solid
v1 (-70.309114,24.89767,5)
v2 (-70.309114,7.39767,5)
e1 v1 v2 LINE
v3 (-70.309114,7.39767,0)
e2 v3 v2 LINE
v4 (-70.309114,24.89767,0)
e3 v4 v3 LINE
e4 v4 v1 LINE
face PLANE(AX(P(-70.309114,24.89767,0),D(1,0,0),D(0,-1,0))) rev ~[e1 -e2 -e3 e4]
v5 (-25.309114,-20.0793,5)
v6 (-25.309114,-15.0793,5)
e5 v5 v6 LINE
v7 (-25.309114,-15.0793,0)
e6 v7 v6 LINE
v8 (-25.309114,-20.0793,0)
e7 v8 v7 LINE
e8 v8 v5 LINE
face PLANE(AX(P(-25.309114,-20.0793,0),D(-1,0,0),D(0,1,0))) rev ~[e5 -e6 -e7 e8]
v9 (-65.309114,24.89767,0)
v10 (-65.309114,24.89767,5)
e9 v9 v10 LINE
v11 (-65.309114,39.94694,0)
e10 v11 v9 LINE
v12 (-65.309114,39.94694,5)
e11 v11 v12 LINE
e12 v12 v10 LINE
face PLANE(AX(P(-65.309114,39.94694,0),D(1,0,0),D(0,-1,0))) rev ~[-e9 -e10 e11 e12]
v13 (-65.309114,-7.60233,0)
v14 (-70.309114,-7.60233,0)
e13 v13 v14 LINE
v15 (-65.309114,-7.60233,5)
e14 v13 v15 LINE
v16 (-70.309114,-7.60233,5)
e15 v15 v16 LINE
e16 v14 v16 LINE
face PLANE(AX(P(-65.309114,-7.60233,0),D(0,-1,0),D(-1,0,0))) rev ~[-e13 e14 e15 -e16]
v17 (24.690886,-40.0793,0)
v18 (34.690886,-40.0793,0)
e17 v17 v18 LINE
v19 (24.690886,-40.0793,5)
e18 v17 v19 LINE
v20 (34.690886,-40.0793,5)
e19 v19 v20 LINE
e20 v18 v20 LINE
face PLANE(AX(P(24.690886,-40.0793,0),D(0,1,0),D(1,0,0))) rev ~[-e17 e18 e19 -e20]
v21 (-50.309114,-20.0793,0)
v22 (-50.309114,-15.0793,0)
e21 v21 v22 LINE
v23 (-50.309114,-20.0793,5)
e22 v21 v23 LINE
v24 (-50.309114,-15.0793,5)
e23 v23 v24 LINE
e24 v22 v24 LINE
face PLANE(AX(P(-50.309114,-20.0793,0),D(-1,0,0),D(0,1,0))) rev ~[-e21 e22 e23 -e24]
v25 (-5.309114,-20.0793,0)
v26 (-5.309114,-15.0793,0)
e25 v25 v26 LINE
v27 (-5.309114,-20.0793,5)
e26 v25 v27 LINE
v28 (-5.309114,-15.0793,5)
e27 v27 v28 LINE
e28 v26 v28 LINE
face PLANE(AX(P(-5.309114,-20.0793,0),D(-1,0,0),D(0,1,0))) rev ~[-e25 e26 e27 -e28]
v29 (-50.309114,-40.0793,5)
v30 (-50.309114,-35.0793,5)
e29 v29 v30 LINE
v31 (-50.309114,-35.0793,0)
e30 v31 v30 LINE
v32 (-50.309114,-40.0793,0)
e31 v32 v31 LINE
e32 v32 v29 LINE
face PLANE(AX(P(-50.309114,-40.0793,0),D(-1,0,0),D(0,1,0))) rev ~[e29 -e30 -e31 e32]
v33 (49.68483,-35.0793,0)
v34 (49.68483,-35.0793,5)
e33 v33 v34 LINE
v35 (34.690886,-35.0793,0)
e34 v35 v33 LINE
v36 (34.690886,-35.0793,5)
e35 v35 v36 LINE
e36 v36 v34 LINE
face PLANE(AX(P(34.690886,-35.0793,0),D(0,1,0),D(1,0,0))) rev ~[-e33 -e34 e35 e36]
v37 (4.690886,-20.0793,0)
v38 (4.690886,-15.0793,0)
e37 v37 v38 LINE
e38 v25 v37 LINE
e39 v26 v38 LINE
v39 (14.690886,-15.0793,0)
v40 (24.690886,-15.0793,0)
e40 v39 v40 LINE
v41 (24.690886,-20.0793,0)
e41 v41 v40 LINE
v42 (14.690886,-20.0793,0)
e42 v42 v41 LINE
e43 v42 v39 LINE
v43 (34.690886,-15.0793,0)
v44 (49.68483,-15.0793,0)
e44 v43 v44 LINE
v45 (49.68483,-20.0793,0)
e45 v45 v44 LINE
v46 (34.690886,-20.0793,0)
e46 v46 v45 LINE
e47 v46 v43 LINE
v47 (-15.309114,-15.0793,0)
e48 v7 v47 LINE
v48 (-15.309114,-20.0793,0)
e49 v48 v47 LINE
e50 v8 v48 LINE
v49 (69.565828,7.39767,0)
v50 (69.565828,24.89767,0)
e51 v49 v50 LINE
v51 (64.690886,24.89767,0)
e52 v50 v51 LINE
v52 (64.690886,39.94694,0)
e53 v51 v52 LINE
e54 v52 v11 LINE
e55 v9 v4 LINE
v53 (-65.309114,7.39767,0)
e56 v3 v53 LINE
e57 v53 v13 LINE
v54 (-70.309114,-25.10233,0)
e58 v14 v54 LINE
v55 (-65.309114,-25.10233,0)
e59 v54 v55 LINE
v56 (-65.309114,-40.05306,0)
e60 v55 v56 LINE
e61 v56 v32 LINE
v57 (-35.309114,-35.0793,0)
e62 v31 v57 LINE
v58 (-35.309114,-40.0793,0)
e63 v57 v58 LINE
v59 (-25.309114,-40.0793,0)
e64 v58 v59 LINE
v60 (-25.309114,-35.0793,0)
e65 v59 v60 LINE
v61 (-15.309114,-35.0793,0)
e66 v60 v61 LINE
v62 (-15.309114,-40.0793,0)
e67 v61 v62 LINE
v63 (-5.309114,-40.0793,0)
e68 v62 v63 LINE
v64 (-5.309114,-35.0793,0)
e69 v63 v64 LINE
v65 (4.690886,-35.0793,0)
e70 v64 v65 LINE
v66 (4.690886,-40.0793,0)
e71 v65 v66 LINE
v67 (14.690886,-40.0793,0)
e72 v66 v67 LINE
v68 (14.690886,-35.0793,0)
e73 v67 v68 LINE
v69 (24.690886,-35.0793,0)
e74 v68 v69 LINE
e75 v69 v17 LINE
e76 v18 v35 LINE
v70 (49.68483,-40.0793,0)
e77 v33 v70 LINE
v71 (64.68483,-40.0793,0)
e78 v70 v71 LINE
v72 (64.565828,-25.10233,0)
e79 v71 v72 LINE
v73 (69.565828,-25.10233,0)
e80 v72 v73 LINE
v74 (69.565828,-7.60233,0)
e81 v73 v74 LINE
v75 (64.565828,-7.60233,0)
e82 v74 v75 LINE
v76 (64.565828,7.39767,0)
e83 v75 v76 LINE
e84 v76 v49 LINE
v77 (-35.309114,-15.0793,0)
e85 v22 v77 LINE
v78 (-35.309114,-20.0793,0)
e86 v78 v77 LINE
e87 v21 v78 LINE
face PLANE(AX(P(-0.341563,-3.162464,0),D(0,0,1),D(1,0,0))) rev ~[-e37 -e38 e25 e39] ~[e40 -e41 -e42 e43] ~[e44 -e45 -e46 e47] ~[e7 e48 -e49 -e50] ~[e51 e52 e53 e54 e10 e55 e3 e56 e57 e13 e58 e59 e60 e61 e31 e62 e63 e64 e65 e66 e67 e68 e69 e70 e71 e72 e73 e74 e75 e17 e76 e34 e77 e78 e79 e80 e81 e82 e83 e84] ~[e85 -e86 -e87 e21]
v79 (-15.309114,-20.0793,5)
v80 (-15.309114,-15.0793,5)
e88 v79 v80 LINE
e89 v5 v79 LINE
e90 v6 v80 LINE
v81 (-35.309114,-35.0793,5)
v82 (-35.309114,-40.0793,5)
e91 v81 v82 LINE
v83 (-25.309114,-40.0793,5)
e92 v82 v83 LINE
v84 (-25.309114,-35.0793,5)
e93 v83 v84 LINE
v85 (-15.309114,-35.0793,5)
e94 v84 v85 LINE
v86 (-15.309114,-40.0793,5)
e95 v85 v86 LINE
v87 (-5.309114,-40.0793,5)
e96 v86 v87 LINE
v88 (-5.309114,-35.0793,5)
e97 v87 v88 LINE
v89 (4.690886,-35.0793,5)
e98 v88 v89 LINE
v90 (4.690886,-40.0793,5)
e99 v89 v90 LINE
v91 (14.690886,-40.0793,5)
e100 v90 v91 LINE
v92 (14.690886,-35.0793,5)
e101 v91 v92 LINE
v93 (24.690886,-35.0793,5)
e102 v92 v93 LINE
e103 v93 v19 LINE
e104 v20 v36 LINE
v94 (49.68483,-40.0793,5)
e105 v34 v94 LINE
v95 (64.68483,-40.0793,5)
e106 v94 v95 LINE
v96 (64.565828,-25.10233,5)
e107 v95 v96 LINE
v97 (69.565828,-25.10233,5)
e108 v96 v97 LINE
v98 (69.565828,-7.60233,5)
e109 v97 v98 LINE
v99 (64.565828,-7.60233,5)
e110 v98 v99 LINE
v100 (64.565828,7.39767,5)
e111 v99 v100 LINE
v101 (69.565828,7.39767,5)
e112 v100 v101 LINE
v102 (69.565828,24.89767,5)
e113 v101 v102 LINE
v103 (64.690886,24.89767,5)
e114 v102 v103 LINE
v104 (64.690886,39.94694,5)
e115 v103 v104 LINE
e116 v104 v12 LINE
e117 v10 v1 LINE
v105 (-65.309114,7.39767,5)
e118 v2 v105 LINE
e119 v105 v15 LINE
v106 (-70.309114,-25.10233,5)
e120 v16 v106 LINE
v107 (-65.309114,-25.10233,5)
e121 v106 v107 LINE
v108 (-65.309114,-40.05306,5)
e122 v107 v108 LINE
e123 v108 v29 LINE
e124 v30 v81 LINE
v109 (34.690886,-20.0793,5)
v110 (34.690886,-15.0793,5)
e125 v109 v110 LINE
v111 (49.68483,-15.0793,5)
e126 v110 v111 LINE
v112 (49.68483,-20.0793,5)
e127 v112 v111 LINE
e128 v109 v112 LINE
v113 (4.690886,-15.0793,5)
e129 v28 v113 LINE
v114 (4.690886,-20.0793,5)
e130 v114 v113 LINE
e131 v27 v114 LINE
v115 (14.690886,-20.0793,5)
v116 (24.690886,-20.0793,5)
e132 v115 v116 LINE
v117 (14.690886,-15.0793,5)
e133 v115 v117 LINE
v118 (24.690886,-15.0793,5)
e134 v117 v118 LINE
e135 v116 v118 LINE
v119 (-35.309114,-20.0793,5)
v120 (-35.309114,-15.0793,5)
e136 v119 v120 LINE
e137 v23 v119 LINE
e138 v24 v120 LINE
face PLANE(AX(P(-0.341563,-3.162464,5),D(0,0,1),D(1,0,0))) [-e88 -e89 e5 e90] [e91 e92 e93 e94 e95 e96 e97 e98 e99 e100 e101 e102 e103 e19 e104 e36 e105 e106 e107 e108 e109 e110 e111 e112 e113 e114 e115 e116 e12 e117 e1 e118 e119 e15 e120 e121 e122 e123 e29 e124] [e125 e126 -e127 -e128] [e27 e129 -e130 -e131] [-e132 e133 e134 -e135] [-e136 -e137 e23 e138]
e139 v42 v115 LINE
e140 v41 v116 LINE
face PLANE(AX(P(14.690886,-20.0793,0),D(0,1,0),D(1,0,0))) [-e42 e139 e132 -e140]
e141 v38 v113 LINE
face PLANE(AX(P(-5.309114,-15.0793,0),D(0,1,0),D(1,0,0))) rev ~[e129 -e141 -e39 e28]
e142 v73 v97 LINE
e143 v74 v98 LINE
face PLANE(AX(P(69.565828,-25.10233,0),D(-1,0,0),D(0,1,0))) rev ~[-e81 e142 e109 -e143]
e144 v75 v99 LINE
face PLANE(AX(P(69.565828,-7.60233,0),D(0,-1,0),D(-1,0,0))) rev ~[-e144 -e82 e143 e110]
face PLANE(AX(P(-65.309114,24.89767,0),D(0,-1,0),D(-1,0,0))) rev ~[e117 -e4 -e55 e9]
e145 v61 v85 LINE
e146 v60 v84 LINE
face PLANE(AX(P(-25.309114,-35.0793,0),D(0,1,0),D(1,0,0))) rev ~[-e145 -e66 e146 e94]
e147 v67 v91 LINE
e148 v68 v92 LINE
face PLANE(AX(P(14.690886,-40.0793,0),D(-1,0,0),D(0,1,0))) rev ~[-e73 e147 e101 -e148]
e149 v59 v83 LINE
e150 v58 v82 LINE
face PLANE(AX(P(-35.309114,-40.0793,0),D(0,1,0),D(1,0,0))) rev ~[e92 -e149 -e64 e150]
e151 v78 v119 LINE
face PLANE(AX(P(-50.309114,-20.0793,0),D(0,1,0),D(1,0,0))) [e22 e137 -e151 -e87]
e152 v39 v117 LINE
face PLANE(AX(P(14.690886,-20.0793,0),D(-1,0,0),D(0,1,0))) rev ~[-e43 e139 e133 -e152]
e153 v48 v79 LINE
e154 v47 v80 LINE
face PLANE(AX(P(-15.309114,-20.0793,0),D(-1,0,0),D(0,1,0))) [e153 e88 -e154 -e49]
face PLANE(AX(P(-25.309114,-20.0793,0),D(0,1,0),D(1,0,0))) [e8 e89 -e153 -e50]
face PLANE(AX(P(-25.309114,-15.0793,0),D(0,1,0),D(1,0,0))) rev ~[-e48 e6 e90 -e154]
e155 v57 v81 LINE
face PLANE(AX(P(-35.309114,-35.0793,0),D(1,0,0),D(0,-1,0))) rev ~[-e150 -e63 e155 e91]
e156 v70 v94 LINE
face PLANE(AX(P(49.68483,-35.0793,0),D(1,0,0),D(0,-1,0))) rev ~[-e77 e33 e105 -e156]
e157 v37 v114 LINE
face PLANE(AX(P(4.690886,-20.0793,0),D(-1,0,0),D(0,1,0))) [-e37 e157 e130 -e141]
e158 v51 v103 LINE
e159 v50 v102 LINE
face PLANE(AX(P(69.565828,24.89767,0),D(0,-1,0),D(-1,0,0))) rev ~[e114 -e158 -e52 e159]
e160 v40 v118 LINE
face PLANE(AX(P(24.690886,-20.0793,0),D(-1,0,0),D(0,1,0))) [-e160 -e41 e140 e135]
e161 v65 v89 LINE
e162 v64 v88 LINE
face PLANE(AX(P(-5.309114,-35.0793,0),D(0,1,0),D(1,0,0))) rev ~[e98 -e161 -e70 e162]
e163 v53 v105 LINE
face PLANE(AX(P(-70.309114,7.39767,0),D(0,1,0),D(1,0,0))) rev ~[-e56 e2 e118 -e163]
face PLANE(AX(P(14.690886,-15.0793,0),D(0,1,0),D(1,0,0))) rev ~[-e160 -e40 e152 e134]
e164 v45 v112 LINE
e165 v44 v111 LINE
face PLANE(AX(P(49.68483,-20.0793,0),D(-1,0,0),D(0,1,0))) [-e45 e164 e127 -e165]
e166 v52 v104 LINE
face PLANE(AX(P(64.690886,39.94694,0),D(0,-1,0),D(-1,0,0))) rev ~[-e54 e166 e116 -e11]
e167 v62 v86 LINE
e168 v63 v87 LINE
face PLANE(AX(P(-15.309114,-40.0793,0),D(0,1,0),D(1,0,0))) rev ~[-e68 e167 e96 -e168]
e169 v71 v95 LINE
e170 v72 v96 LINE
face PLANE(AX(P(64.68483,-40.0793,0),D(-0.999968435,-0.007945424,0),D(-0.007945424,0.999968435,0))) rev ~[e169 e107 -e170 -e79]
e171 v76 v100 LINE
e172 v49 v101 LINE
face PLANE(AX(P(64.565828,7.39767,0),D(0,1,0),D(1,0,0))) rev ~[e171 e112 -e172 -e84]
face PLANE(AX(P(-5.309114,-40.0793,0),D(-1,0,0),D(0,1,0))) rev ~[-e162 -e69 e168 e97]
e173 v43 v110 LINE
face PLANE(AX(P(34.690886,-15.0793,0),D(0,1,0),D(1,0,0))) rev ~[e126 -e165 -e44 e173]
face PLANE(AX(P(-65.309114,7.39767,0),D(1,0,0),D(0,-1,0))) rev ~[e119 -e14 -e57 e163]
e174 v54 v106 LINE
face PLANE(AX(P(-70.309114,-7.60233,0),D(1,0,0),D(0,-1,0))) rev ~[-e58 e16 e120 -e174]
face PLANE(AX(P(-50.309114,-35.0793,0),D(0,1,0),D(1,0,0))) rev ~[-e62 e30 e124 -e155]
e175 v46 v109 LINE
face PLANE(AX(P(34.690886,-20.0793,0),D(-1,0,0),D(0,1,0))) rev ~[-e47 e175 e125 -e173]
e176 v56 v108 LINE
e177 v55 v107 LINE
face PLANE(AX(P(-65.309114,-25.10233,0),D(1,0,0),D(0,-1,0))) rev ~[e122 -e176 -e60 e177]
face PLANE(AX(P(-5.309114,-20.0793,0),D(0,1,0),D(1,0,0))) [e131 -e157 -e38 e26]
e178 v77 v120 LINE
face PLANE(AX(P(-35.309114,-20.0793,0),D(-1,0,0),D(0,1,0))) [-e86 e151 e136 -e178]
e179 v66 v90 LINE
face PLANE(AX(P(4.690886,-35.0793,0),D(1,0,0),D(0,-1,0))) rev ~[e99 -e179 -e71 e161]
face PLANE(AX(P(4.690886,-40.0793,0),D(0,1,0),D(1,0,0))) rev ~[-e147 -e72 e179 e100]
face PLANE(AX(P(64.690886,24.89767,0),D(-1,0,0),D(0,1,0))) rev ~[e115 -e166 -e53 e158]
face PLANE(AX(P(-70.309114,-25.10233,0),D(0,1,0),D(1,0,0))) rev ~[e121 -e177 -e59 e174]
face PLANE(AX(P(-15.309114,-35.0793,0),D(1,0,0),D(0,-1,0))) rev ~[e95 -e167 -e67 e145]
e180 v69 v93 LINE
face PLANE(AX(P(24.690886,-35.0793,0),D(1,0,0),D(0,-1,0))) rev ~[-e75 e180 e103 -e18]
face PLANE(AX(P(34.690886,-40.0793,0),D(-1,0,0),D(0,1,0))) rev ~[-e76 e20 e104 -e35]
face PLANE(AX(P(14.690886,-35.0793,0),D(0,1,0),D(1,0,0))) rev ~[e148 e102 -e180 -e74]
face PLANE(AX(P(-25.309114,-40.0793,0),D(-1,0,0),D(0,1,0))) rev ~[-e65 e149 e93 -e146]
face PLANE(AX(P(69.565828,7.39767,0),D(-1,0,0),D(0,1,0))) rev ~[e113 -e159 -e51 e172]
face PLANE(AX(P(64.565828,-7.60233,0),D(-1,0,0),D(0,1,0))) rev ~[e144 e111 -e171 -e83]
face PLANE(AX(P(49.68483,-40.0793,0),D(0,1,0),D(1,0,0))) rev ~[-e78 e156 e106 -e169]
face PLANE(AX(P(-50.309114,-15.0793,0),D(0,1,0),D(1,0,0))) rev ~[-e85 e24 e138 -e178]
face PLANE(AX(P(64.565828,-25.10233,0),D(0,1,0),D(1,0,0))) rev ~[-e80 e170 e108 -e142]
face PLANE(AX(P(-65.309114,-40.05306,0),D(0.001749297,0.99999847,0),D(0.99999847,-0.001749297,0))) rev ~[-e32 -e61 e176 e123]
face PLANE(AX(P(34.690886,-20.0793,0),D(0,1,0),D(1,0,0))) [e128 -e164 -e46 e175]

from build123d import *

# Parameters (mm, degrees)
SKETCH1_W           = 10
SKETCH1_H           = 5
SKETCH1_W_2         = 15
SKETCH1_W_3         = 14.993943351
BOSS_EXTRUDE2_DEPTH = 5


with BuildPart() as part:
    # Sketch1 → Boss-Extrude2 (new body)
    with BuildSketch(Plane.XY):
        Polygon((64.690886285, 24.89766958), (64.690886285, 39.946939566), (-65.309113715, 39.946939566), (-65.309113715, 24.89766958), (-70.309113715, 24.89766958), (-70.309113715, 7.39766958), (-65.309113715, 7.39766958), (-65.309113715, -7.60233042), (-70.309113715, -7.60233042), (-70.309113715, -25.10233042), (-65.309113715, -25.10233042), (-65.309113715, -40.053060434), (-50.309113715, -40.079299927), (-50.309113715, -35.079299927), (-35.309113715, -35.079299927), (-35.309113715, -40.079299927), (-25.309113715, -40.079299927), (-25.309113715, -35.079299927), (-15.309113715, -35.079299927), (-15.309113715, -40.079299927), (-5.309113715, -40.079299927), (-5.309113715, -35.079299927), (4.690886285, -35.079299927), (4.690886285, -40.079299927), (14.690886285, -40.079299927), (14.690886285, -35.079299927), (24.690886285, -35.079299927), (24.690886285, -40.079299927), (34.690886285, -40.079299927), (34.690886285, -35.079299927), (49.684829636, -35.079299927), (49.684829636, -40.079299927), (64.684829636, -40.079299927), (64.565827504, -25.10233042), (69.565827504, -25.10233042), (69.565827504, -7.60233042), (64.565827504, -7.60233042), (64.565827504, 7.39766958), (69.565827504, 7.39766958), (69.565827504, 24.89766958), align=None)
        with Locations((-0.309113715, -17.579299927)):
            Rectangle(SKETCH1_W, SKETCH1_H, mode=Mode.SUBTRACT)
        with Locations((-20.309113715, -17.579299927)):
            Rectangle(SKETCH1_W, SKETCH1_H, mode=Mode.SUBTRACT)
        with Locations((-42.809113715, -17.579299927)):
            Rectangle(SKETCH1_W_2, SKETCH1_H, mode=Mode.SUBTRACT)
        with Locations((42.187857961, -17.579299927)):
            Rectangle(SKETCH1_W_3, SKETCH1_H, mode=Mode.SUBTRACT)
        with Locations((19.690886285, -17.579299927)):
            Rectangle(SKETCH1_W, SKETCH1_H, mode=Mode.SUBTRACT)
    extrude(amount=BOSS_EXTRUDE2_DEPTH)


solid = part.part
